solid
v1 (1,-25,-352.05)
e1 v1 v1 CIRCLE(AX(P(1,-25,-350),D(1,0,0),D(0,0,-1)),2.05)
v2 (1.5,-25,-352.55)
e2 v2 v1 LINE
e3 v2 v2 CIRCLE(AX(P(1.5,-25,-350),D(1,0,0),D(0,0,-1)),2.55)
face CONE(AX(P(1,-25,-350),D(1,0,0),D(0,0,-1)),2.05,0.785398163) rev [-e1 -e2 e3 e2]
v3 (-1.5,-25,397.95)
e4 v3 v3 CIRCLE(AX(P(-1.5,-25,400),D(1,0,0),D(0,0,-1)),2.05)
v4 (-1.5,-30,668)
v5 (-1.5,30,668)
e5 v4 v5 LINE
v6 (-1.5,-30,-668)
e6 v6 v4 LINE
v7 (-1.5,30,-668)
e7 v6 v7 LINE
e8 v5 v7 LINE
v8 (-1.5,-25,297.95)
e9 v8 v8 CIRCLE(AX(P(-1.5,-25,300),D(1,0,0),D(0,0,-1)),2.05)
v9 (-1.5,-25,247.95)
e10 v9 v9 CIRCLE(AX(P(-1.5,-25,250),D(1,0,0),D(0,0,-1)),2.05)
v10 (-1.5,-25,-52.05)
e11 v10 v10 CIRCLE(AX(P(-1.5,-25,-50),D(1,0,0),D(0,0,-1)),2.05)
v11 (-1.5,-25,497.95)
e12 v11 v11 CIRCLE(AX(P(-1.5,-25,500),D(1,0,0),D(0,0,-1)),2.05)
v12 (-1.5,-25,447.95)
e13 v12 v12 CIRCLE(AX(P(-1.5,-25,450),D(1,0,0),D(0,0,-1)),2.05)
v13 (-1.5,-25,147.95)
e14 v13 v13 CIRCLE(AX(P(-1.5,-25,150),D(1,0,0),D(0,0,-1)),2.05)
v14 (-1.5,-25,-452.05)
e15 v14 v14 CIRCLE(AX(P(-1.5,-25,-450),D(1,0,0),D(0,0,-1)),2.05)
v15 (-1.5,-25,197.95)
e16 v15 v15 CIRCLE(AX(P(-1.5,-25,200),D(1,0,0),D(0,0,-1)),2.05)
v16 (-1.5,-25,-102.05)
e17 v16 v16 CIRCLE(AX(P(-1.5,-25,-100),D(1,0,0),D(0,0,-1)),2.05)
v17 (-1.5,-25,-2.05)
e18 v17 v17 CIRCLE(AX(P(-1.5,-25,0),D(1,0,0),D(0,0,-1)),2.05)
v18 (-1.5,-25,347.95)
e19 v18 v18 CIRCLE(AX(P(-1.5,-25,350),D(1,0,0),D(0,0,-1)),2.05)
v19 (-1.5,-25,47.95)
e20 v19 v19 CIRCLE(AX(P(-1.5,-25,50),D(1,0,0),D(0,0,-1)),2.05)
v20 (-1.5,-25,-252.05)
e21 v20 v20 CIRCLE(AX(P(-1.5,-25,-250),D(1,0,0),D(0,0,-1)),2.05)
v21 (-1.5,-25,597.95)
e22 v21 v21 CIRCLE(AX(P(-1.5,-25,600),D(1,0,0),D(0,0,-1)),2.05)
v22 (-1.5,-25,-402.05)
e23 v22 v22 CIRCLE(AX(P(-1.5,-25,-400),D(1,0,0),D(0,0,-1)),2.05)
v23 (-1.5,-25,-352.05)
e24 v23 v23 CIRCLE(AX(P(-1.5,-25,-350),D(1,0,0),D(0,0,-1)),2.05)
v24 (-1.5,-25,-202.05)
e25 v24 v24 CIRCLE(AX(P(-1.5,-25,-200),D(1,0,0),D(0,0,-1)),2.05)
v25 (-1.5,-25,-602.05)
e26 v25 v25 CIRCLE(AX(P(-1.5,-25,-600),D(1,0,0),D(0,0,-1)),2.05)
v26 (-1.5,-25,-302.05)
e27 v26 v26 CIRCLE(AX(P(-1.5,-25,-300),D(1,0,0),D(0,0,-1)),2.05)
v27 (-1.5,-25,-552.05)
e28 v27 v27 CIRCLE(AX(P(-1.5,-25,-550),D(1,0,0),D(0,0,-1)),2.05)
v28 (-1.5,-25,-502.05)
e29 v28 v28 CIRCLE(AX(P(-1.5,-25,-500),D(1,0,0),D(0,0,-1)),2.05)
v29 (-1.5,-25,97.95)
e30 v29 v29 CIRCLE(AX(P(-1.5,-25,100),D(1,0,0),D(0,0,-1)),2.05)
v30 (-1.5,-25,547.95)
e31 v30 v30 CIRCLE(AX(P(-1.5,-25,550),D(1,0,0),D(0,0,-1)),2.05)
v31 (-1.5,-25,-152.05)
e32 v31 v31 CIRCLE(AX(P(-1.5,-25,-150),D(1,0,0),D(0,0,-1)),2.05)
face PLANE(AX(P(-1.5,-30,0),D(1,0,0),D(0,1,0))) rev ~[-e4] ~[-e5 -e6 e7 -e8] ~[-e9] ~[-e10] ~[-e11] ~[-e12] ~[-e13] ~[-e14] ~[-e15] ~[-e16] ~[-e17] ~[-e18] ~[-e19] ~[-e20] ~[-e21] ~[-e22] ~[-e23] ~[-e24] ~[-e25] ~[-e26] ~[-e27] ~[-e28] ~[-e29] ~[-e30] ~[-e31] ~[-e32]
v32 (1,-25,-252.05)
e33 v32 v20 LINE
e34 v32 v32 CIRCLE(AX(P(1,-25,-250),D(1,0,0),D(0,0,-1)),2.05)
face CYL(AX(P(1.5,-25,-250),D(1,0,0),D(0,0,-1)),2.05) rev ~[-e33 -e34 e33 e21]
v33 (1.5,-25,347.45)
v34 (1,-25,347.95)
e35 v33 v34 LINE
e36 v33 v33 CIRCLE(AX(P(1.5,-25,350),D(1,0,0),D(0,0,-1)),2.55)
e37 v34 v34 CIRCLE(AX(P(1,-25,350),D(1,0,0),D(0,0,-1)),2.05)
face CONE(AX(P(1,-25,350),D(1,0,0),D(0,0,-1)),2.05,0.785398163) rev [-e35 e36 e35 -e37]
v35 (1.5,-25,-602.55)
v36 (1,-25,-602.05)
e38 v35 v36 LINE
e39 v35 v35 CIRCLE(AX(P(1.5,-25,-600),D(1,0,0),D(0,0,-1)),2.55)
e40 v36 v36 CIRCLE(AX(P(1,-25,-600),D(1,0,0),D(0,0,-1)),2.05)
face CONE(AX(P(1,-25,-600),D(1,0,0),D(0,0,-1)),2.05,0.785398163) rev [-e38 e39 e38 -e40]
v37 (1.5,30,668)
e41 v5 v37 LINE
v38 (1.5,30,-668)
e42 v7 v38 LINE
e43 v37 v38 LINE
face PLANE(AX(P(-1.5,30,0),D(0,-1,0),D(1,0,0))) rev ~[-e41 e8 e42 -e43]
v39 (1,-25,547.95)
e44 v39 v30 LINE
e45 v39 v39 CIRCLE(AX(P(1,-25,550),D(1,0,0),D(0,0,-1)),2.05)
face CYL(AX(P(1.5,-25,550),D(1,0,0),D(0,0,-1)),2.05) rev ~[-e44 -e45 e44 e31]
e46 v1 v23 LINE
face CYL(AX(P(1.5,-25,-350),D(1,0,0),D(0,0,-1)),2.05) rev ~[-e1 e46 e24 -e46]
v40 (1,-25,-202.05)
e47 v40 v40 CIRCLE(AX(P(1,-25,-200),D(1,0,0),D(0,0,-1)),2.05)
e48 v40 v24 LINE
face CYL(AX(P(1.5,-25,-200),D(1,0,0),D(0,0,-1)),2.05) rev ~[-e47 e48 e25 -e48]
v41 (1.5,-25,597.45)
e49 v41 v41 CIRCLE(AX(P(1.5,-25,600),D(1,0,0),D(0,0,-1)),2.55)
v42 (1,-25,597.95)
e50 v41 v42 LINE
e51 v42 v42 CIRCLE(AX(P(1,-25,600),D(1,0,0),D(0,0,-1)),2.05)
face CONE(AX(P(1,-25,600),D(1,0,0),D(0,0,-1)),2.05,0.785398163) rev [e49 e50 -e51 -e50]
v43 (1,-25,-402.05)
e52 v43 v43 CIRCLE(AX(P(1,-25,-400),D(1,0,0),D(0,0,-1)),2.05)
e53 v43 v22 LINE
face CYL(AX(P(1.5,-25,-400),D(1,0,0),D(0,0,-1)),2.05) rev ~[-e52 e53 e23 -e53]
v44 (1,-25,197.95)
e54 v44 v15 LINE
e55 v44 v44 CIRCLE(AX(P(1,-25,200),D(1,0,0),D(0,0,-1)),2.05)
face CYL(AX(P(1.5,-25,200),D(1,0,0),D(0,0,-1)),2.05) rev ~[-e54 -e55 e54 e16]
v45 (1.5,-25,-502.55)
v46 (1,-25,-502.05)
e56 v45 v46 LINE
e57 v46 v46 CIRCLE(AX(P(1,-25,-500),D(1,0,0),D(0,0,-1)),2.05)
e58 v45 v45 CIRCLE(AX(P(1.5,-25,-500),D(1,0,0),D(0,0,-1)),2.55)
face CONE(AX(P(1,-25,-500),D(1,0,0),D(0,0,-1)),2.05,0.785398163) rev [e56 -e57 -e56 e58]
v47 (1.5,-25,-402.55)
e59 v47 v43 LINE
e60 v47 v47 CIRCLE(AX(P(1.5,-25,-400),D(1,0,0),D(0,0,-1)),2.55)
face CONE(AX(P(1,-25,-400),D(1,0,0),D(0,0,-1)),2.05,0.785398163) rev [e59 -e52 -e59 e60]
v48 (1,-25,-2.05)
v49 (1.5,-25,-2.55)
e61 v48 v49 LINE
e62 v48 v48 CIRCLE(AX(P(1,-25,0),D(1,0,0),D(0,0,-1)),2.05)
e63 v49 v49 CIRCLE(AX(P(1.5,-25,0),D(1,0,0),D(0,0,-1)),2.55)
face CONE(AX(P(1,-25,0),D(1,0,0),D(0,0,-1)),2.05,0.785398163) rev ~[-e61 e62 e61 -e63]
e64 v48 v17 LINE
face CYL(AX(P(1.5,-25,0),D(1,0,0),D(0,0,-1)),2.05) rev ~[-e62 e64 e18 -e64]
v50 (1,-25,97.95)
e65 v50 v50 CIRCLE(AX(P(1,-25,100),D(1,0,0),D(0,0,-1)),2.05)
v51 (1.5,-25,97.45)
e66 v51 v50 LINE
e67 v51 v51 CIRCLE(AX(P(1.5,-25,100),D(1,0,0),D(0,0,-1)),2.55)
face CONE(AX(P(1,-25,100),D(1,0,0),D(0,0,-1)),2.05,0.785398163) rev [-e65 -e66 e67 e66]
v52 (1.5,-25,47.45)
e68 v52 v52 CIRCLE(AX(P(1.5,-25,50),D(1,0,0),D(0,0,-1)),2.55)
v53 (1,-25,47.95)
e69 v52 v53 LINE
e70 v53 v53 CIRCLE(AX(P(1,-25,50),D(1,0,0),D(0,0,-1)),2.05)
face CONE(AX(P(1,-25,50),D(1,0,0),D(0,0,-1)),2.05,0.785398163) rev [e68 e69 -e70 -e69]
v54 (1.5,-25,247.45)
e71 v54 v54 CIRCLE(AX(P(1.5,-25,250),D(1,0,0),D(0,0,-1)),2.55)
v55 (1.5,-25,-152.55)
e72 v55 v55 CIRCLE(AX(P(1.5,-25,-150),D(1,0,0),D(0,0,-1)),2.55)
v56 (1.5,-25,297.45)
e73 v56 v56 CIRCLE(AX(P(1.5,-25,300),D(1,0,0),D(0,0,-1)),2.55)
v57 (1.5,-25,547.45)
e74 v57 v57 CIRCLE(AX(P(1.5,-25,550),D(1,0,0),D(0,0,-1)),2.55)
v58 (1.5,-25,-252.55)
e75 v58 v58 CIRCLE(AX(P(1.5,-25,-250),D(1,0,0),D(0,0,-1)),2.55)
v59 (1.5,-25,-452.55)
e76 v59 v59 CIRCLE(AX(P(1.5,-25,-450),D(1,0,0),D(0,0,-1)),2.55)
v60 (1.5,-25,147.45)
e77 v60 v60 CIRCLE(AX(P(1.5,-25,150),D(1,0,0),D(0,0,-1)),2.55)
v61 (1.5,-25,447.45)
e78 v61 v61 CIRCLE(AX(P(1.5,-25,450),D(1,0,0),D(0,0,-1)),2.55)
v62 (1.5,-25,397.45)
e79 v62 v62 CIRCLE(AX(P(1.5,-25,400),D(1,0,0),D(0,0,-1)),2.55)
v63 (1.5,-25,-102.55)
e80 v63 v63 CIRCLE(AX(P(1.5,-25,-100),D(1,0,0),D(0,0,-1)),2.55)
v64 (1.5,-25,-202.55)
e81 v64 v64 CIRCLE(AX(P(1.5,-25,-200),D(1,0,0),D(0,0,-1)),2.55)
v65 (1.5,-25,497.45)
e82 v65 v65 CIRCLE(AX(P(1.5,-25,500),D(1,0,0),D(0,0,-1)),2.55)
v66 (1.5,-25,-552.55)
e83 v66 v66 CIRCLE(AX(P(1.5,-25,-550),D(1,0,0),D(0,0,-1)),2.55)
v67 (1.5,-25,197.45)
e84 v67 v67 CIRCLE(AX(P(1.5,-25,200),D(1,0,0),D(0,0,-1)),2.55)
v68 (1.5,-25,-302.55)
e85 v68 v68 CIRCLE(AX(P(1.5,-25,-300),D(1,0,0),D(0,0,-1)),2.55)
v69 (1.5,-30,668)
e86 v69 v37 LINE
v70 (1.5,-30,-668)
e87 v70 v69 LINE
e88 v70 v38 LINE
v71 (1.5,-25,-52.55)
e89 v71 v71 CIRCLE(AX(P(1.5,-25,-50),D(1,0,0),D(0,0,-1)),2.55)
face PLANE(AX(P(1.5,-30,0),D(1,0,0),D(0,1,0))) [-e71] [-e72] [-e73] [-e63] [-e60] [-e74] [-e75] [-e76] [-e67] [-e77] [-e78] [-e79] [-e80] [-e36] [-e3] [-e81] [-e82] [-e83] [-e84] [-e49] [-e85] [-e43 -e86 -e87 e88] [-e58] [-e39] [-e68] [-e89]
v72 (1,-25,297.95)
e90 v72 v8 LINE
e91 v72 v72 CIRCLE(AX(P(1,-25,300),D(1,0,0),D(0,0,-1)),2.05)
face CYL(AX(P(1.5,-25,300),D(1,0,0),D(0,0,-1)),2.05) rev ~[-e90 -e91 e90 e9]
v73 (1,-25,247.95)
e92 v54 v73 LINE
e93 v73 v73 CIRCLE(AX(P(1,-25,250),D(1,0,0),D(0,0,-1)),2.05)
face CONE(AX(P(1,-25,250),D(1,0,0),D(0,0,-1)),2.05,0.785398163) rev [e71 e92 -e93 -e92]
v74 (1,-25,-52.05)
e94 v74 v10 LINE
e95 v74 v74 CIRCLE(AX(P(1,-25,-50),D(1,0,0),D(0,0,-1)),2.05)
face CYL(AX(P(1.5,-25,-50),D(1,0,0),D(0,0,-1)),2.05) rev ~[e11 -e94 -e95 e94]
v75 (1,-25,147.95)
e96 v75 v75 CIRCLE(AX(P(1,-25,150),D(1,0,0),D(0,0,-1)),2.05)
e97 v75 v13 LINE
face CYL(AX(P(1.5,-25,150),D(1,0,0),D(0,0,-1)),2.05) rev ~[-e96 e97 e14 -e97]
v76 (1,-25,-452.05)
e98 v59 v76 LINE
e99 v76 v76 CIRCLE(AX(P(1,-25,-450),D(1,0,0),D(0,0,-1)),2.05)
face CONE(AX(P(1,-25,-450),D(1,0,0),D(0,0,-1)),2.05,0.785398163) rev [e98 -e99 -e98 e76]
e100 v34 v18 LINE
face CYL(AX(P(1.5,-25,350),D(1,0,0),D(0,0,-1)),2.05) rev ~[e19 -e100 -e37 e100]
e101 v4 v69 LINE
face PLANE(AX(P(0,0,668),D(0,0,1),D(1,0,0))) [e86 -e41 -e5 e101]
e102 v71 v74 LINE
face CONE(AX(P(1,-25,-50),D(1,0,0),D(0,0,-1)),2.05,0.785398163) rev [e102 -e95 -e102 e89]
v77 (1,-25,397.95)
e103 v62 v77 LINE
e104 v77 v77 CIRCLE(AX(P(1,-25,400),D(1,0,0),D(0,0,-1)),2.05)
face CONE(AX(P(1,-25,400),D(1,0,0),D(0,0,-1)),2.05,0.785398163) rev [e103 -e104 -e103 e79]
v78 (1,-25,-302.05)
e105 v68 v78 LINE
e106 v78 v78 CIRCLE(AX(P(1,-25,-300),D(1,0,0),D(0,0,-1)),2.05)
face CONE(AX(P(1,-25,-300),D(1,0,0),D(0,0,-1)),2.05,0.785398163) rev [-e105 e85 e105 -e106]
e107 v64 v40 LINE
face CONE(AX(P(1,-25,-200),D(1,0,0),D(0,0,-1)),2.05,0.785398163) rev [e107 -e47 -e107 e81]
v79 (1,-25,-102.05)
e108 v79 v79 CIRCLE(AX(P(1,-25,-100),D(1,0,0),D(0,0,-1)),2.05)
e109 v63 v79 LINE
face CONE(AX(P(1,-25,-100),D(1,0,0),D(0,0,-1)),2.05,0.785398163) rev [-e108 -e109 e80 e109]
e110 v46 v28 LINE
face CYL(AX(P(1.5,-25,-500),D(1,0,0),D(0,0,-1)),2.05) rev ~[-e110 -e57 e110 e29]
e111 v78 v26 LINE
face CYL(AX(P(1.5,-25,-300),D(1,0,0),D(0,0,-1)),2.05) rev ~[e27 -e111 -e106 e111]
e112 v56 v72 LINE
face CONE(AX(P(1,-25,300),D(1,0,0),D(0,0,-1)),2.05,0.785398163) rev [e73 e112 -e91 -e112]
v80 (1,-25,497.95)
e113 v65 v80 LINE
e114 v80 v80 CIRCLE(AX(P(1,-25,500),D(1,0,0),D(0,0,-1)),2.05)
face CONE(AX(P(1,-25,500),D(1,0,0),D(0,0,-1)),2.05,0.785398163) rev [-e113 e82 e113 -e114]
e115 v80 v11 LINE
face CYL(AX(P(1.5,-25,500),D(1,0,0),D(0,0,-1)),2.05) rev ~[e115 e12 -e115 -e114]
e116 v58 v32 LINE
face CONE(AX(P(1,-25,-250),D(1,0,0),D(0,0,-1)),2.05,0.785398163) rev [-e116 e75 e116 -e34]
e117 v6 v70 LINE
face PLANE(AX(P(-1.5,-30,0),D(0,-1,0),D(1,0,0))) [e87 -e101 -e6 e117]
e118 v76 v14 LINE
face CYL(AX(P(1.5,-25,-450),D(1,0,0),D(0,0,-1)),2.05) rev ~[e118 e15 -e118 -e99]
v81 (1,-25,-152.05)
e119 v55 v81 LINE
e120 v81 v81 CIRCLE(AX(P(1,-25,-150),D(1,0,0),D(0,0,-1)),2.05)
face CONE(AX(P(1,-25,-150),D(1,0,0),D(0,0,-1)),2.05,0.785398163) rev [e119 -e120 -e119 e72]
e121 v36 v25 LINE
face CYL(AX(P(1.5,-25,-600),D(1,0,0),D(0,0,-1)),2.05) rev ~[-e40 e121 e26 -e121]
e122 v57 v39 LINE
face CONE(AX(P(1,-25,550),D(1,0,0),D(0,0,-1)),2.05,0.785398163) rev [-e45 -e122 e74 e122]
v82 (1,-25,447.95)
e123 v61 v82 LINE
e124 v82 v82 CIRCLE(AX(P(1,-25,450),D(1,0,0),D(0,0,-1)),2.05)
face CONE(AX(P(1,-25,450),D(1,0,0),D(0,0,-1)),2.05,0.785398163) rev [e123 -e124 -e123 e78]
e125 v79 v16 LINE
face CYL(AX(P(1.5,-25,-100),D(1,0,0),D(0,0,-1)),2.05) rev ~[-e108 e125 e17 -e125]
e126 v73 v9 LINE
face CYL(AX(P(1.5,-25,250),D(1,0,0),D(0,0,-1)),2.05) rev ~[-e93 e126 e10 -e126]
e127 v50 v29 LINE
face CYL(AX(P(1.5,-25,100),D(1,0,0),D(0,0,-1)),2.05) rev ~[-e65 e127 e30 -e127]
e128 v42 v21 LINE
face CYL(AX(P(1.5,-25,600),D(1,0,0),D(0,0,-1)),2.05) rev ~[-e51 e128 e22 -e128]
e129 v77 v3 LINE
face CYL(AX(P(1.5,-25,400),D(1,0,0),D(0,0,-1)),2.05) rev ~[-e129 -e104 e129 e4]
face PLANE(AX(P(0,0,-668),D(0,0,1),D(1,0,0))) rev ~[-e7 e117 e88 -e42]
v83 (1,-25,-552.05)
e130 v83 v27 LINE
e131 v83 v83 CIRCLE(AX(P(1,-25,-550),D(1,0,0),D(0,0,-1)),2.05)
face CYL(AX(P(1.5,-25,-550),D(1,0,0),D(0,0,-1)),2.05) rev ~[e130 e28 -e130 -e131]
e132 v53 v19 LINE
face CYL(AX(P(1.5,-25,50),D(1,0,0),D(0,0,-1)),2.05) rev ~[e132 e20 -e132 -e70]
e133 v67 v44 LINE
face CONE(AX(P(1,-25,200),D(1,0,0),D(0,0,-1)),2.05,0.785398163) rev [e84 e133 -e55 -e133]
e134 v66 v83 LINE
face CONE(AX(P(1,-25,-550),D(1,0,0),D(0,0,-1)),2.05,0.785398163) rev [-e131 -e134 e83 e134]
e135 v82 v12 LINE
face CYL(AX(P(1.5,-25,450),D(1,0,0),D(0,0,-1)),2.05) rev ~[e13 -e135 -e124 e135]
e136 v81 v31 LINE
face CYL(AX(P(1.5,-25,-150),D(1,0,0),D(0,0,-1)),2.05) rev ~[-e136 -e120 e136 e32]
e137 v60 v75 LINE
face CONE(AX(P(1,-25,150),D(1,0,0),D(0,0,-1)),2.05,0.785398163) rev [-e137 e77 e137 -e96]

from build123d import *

# Parameters (mm, degrees)
SKETCH1_W                      = 3
SKETCH1_H                      = 60
BOSS_EXTRUDE1_DEPTH            = 668
SKETCH2_R                      = 2.05
CUT_EXTRUDE1_DEPTH             = 10
CHAMFER1_SIZE                  = 0.5
LPATTERN1_COUNT                = 13
LPATTERN1_PITCH                = 50
CHAMFER1_OF_LPATTERN1_SIZE     = 0.5
LPATTERN1_COL_COUNT            = 13
LPATTERN1_COL_PITCH            = 50
CHAMFER1_OF_LPATTERN1_COL_SIZE = 0.5


with BuildPart() as part:
    # Sketch1 → Boss-Extrude1 (new, symmetric)
    with BuildSketch(Plane.XY):
        Rectangle(SKETCH1_W, SKETCH1_H)
    extrude(amount=BOSS_EXTRUDE1_DEPTH, both=True)

    # Sketch2 → Cut-Extrude1 (cut)
    with BuildSketch(Plane(origin=(1.5, 0, 0), x_dir=(0, 0, -1), z_dir=(1, 0, 0))):
        with Locations((0, -25)):
            Circle(SKETCH2_R)
    cut_extrude1 = extrude(amount=-CUT_EXTRUDE1_DEPTH, mode=Mode.SUBTRACT)

    # Chamfer1
    chamfer1_edges = [part.edges().sort_by_distance(p)[0] for p in [
        (1.5, -25, 2.05),
    ]]
    chamfer(chamfer1_edges, length=CHAMFER1_SIZE)

    # LPattern1: Cut-Extrude1 ×13
    with Locations(*[(0, 0, -i * LPATTERN1_PITCH) for i in range(1, LPATTERN1_COUNT)]):
        add(cut_extrude1, mode=Mode.SUBTRACT)

    # Chamfer1 of LPattern1
    chamfer1_of_lpattern1_edges = [part.edges().sort_by_distance(p)[0] for p in [
        (1.5, -25, -47.95),
        (1.5, -25, -97.95),
        (1.5, -25, -147.95),
        (1.5, -25, -197.95),
        (1.5, -25, -247.95),
        (1.5, -25, -297.95),
        (1.5, -25, -347.95),
        (1.5, -25, -397.95),
        (1.5, -25, -447.95),
        (1.5, -25, -497.95),
        (1.5, -25, -547.95),
        (1.5, -25, -597.95),
    ]]
    chamfer(chamfer1_of_lpattern1_edges, length=CHAMFER1_OF_LPATTERN1_SIZE)

    # LPattern1 col: Cut-Extrude1 ×13
    with Locations(*[(0, 0, i * LPATTERN1_COL_PITCH) for i in range(1, LPATTERN1_COL_COUNT)]):
        add(cut_extrude1, mode=Mode.SUBTRACT)

    # Chamfer1 of LPattern1 col
    chamfer1_of_lpattern1_col_edges = [part.edges().sort_by_distance(p)[0] for p in [
        (1.5, -25, 52.05),
        (1.5, -25, 102.05),
        (1.5, -25, 152.05),
        (1.5, -25, 202.05),
        (1.5, -25, 252.05),
        (1.5, -25, 302.05),
        (1.5, -25, 352.05),
        (1.5, -25, 402.05),
        (1.5, -25, 452.05),
        (1.5, -25, 502.05),
        (1.5, -25, 552.05),
        (1.5, -25, 602.05),
    ]]
    chamfer(chamfer1_of_lpattern1_col_edges, length=CHAMFER1_OF_LPATTERN1_COL_SIZE)


solid = part.part
